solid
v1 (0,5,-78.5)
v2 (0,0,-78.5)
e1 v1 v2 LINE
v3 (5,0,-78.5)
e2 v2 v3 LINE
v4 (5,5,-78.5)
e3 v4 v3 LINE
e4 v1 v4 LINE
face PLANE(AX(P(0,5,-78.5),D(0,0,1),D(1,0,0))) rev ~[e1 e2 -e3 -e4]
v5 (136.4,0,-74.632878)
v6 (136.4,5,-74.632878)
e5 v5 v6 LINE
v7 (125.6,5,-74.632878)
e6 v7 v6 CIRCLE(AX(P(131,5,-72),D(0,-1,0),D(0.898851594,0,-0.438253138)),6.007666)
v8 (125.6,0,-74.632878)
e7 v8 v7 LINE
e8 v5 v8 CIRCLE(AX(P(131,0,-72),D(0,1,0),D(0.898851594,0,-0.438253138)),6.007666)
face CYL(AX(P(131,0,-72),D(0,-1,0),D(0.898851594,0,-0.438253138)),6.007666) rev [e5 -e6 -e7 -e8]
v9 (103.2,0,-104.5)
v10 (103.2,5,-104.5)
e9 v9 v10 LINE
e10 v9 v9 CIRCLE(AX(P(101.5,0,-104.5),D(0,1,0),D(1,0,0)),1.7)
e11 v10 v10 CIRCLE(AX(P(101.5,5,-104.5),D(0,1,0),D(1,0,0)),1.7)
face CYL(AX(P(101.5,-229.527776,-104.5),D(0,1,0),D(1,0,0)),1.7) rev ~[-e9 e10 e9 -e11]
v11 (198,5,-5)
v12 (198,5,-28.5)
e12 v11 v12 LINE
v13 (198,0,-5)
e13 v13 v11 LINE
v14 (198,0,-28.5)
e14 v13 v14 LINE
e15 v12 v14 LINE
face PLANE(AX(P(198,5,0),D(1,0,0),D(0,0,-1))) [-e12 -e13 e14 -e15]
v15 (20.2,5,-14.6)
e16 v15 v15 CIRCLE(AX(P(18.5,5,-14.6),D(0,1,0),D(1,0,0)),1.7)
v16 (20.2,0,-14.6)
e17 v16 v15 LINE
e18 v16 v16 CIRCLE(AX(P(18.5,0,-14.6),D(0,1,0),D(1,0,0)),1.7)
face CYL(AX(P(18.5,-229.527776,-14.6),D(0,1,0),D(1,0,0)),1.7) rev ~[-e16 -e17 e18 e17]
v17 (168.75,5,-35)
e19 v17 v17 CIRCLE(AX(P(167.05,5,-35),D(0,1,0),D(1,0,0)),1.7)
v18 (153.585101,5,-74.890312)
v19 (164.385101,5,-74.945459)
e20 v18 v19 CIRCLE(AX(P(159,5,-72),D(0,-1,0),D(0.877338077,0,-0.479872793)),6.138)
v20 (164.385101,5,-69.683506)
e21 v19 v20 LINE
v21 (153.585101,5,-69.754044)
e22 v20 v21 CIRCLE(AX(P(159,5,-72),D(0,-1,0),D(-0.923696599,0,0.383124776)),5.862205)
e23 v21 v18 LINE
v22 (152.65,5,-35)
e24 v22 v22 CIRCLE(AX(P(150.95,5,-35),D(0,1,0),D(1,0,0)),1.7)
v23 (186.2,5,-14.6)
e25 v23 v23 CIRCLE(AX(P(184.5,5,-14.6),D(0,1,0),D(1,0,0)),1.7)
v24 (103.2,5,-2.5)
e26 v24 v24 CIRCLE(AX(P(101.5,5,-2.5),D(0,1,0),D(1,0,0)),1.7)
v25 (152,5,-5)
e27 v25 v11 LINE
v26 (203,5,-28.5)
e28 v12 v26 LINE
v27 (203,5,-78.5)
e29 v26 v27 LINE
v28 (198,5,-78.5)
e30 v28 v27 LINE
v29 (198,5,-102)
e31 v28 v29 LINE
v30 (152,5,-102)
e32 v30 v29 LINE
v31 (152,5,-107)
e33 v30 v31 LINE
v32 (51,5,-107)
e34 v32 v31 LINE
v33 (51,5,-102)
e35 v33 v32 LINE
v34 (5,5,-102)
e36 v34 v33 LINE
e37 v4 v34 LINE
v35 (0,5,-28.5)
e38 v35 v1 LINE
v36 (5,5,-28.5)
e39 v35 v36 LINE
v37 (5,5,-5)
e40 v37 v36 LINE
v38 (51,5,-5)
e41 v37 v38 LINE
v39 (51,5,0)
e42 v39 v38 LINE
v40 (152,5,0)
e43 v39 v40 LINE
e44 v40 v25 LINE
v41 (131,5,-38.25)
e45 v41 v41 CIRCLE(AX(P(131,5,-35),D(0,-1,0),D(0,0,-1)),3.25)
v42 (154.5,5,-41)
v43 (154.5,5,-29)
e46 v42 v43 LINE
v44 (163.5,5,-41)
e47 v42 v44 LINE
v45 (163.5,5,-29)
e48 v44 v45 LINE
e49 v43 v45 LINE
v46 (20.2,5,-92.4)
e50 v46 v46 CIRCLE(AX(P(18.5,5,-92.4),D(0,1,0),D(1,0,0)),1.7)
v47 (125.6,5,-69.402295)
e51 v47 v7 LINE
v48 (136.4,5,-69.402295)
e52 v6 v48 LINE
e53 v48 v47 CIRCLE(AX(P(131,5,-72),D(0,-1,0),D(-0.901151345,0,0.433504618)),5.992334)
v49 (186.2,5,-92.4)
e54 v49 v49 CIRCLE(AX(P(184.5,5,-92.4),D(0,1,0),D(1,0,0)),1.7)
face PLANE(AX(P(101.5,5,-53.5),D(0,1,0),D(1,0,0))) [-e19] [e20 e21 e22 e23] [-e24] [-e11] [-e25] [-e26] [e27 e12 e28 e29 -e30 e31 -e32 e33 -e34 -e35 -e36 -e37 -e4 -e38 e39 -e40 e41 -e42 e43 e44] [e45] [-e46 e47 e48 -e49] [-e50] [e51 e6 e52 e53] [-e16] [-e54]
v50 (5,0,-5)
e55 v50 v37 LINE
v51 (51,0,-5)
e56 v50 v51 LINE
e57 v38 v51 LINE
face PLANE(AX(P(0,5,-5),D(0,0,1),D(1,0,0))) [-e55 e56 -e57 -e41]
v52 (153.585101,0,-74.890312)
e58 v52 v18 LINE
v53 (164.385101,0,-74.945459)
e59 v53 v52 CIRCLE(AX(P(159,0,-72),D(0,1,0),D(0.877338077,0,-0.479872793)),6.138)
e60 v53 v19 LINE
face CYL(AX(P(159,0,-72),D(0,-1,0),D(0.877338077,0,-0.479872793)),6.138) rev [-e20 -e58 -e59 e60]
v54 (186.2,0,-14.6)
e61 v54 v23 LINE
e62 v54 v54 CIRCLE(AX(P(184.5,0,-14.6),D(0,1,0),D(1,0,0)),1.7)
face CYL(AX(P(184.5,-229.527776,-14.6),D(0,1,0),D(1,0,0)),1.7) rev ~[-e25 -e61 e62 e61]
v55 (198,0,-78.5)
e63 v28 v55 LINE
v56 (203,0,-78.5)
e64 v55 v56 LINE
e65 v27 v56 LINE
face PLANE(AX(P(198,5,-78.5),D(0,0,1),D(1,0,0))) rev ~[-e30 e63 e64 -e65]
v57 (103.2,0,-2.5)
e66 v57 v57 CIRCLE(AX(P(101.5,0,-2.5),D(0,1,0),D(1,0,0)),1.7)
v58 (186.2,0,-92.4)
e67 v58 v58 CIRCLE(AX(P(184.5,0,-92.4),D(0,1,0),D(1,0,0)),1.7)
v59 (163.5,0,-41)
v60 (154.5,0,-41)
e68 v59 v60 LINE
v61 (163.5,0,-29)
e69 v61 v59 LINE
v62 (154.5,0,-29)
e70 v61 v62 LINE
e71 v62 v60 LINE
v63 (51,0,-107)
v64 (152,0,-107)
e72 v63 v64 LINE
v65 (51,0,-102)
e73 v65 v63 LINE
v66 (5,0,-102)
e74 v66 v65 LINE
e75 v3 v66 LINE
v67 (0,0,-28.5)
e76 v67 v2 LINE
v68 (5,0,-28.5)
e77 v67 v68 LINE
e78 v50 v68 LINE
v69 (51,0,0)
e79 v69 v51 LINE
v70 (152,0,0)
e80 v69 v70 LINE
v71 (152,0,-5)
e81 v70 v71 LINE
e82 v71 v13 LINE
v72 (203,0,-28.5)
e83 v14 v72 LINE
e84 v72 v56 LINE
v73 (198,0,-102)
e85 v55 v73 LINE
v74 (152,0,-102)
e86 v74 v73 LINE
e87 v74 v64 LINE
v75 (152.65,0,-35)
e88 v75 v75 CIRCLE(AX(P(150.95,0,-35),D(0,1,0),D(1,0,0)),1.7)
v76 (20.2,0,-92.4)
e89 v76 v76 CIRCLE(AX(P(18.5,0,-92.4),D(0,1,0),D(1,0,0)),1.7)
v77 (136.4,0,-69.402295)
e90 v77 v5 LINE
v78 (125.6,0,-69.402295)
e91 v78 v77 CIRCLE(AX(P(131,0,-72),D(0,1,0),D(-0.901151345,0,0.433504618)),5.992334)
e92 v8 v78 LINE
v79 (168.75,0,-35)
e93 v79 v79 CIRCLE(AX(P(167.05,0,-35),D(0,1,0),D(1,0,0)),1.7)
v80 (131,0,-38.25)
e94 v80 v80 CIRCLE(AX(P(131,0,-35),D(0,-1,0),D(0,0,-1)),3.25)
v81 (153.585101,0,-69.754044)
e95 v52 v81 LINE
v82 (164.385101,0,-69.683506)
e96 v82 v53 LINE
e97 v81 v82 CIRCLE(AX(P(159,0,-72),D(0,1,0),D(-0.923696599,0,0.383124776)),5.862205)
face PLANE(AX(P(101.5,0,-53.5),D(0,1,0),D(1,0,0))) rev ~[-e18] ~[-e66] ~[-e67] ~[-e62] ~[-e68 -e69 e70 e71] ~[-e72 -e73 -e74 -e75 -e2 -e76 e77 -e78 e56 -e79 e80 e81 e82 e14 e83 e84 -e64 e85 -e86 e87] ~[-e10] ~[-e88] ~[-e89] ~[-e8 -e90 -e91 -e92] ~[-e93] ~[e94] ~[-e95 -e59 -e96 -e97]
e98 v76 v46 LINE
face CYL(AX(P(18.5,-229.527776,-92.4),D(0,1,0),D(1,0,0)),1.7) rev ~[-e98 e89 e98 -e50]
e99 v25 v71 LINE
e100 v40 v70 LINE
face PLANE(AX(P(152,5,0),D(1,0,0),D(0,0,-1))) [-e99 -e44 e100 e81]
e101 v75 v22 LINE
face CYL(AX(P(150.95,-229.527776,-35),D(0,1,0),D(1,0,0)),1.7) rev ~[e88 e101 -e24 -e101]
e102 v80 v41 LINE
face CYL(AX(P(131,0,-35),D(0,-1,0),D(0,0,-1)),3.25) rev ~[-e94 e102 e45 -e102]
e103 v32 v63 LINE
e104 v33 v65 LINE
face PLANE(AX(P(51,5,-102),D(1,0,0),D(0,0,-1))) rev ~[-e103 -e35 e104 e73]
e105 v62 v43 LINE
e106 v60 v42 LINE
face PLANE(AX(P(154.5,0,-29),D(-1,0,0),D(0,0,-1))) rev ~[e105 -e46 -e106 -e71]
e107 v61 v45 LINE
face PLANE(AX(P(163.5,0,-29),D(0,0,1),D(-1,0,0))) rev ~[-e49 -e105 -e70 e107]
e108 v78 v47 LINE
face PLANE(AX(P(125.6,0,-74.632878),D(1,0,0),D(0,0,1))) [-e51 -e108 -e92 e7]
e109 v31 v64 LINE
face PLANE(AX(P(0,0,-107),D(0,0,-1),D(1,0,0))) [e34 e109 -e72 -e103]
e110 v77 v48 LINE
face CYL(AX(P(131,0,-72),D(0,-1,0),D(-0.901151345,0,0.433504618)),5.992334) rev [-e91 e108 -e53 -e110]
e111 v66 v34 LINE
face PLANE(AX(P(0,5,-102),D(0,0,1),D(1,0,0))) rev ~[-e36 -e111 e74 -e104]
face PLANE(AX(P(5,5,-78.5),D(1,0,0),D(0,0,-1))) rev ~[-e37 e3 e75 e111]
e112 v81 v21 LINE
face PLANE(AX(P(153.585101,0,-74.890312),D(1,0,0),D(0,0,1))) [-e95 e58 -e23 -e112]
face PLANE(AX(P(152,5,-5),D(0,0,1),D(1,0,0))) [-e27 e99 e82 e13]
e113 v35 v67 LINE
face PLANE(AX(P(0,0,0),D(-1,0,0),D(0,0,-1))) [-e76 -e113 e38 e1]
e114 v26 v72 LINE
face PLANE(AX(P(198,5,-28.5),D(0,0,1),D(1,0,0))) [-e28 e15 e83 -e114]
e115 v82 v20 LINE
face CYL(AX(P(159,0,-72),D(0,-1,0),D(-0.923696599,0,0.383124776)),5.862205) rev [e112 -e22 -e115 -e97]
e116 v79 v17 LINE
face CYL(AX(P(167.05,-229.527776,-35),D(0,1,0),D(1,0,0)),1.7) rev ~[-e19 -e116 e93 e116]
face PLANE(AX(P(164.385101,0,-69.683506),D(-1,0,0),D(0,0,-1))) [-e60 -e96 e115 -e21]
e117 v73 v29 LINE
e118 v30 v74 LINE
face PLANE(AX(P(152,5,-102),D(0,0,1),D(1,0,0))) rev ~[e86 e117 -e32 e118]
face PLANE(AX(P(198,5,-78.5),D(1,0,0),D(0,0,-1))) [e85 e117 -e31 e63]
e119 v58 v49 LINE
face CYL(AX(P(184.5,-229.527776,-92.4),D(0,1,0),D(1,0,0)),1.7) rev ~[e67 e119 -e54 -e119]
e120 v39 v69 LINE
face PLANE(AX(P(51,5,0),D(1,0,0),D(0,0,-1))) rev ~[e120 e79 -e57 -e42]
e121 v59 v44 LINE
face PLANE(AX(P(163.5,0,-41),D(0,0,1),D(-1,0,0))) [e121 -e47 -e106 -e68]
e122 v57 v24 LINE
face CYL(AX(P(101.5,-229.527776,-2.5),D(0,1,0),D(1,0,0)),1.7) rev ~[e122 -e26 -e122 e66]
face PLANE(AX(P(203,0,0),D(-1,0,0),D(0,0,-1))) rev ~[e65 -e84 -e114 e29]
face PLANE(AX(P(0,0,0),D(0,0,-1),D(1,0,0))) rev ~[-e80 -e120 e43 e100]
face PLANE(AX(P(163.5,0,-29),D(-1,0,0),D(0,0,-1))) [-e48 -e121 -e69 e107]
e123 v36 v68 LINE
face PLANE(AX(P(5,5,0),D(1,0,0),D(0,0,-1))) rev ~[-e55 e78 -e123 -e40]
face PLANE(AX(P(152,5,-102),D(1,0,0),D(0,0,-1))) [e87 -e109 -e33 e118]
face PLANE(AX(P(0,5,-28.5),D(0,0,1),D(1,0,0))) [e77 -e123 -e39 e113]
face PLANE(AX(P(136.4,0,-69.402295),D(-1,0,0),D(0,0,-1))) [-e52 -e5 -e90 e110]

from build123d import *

# Parameters (mm, degrees)
SKETCH1_W            = 203
SKETCH1_H            = 107
BOSS_EXTRUDE1_DEPTH  = 5
SKETCH3_W            = 51
SKETCH3_H            = 5
CUT_EXTRUDE1_DEPTH   = 230.527776097
SKETCH4_W            = 5
SKETCH4_H            = 28.5
CUT_EXTRUDE2_DEPTH   = 230.527776097
CUT_EXTRUDE3_DEPTH   = 230.527776097
SKETCH10_R           = 3.25
CUT_EXTRUDE4_DEPTH   = 230.527776097
M3_CLEARANCE_HOLE1_D = 3.4
SKETCH13_W           = 9
SKETCH13_H           = 12
CUT_EXTRUDE5_DEPTH   = 230.527776097
M3_CLEARANCE_HOLE2_D = 3.4
M3_CLEARANCE_HOLE3_D = 3.4


with BuildPart() as part:
    # Sketch1 → Boss-Extrude1 (new body)
    with BuildSketch(Plane(origin=(0, 0, 0), x_dir=(1, 0, 0), z_dir=(0, 1, 0))):
        with Locations((101.5, 53.5)):
            Rectangle(SKETCH1_W, SKETCH1_H)
    extrude(amount=BOSS_EXTRUDE1_DEPTH)

    # Sketch3 → Cut-Extrude1 (cut, through all)
    with BuildSketch(Plane(origin=(0, 5, 0), x_dir=(1, 0, 0), z_dir=(0, 1, 0))):
        with Locations((25.5, 104.5)):
            Rectangle(SKETCH3_W, SKETCH3_H)
        with Locations((177.5, 104.5)):
            Rectangle(SKETCH3_W, SKETCH3_H)
        with Locations((25.5, 2.5)):
            Rectangle(SKETCH3_W, SKETCH3_H)
        with Locations((177.5, 2.5)):
            Rectangle(SKETCH3_W, SKETCH3_H)
    extrude(amount=-CUT_EXTRUDE1_DEPTH, mode=Mode.SUBTRACT)

    # Sketch4 → Cut-Extrude2 (cut, through all)
    with BuildSketch(Plane(origin=(0, 5, 0), x_dir=(1, 0, 0), z_dir=(0, 1, 0))):
        with Locations((2.5, 92.75)):
            Rectangle(SKETCH4_W, SKETCH4_H)
        with Locations((2.5, 14.25)):
            Rectangle(SKETCH4_W, SKETCH4_H)
        with Locations((200.5, 14.25)):
            Rectangle(SKETCH4_W, SKETCH4_H)
        with Locations((200.5, 92.75)):
            Rectangle(SKETCH4_W, SKETCH4_H)
    extrude(amount=-CUT_EXTRUDE2_DEPTH, mode=Mode.SUBTRACT)

    # Sketch7 → Cut-Extrude3 (cut, through all)
    with BuildSketch(Plane.XZ):
        with BuildLine():
            Line((164.385100742, -69.683506307), (164.385100742, -74.945459))
            ThreePointArc((164.385100742, -74.945459), (158.96865866, -78.137919554), (153.585100742, -74.890312225))
            Line((153.585100742, -74.890312225), (153.585100742, -69.754043843))
            ThreePointArc((153.585100742, -69.754043843), (158.961713268, -66.137919554), (164.385100742, -69.683506307))
        make_face()
        with BuildLine():
            Line((136.4, -69.402295461), (136.4, -74.632878398))
            ThreePointArc((136.4, -74.632878398), (131, -78.007665824), (125.6, -74.632878398))
            Line((125.6, -74.632878398), (125.6, -69.402295461))
            ThreePointArc((125.6, -69.402295461), (131, -66.007665824), (136.4, -69.402295461))
        make_face()
    extrude(amount=-CUT_EXTRUDE3_DEPTH, mode=Mode.SUBTRACT)

    # Sketch10 → Cut-Extrude4 (cut, through all)
    with BuildSketch(Plane.XZ):
        with Locations(Location((131, -35, 0), (0, 0, 270))):
            Circle(SKETCH10_R)
    extrude(amount=-CUT_EXTRUDE4_DEPTH, mode=Mode.SUBTRACT)

    # M3 Clearance Hole1 (through all)
    with Locations(Plane(origin=(0, 0, 0), x_dir=(-1, 0, 0), z_dir=(0, -1, 0))):
        with Locations((-18.5, 14.6), (-184.5, 14.6), (-184.5, 92.4), (-18.5, 92.4)):
            Hole(M3_CLEARANCE_HOLE1_D / 2)

    # Sketch13 → Cut-Extrude5 (cut, through all)
    with BuildSketch(Plane(origin=(0, 0, 0), x_dir=(-1, 0, 0), z_dir=(0, -1, 0))):
        with Locations((-159, 35)):
            Rectangle(SKETCH13_W, SKETCH13_H)
    extrude(amount=-CUT_EXTRUDE5_DEPTH, mode=Mode.SUBTRACT)

    # M3 Clearance Hole2 (through all)
    with Locations(Plane(origin=(0, 0, 0), x_dir=(-1, 0, 0), z_dir=(0, -1, 0))):
        with Locations((-150.95, 35), (-167.05, 35)):
            Hole(M3_CLEARANCE_HOLE2_D / 2)

    # M3 Clearance Hole3 (through all)
    with Locations(Plane(origin=(0, 0, 0), x_dir=(-1, 0, 0), z_dir=(0, -1, 0))):
        with Locations((-101.5, 104.5), (-101.5, 2.5)):
            Hole(M3_CLEARANCE_HOLE3_D / 2)


solid = part.part
